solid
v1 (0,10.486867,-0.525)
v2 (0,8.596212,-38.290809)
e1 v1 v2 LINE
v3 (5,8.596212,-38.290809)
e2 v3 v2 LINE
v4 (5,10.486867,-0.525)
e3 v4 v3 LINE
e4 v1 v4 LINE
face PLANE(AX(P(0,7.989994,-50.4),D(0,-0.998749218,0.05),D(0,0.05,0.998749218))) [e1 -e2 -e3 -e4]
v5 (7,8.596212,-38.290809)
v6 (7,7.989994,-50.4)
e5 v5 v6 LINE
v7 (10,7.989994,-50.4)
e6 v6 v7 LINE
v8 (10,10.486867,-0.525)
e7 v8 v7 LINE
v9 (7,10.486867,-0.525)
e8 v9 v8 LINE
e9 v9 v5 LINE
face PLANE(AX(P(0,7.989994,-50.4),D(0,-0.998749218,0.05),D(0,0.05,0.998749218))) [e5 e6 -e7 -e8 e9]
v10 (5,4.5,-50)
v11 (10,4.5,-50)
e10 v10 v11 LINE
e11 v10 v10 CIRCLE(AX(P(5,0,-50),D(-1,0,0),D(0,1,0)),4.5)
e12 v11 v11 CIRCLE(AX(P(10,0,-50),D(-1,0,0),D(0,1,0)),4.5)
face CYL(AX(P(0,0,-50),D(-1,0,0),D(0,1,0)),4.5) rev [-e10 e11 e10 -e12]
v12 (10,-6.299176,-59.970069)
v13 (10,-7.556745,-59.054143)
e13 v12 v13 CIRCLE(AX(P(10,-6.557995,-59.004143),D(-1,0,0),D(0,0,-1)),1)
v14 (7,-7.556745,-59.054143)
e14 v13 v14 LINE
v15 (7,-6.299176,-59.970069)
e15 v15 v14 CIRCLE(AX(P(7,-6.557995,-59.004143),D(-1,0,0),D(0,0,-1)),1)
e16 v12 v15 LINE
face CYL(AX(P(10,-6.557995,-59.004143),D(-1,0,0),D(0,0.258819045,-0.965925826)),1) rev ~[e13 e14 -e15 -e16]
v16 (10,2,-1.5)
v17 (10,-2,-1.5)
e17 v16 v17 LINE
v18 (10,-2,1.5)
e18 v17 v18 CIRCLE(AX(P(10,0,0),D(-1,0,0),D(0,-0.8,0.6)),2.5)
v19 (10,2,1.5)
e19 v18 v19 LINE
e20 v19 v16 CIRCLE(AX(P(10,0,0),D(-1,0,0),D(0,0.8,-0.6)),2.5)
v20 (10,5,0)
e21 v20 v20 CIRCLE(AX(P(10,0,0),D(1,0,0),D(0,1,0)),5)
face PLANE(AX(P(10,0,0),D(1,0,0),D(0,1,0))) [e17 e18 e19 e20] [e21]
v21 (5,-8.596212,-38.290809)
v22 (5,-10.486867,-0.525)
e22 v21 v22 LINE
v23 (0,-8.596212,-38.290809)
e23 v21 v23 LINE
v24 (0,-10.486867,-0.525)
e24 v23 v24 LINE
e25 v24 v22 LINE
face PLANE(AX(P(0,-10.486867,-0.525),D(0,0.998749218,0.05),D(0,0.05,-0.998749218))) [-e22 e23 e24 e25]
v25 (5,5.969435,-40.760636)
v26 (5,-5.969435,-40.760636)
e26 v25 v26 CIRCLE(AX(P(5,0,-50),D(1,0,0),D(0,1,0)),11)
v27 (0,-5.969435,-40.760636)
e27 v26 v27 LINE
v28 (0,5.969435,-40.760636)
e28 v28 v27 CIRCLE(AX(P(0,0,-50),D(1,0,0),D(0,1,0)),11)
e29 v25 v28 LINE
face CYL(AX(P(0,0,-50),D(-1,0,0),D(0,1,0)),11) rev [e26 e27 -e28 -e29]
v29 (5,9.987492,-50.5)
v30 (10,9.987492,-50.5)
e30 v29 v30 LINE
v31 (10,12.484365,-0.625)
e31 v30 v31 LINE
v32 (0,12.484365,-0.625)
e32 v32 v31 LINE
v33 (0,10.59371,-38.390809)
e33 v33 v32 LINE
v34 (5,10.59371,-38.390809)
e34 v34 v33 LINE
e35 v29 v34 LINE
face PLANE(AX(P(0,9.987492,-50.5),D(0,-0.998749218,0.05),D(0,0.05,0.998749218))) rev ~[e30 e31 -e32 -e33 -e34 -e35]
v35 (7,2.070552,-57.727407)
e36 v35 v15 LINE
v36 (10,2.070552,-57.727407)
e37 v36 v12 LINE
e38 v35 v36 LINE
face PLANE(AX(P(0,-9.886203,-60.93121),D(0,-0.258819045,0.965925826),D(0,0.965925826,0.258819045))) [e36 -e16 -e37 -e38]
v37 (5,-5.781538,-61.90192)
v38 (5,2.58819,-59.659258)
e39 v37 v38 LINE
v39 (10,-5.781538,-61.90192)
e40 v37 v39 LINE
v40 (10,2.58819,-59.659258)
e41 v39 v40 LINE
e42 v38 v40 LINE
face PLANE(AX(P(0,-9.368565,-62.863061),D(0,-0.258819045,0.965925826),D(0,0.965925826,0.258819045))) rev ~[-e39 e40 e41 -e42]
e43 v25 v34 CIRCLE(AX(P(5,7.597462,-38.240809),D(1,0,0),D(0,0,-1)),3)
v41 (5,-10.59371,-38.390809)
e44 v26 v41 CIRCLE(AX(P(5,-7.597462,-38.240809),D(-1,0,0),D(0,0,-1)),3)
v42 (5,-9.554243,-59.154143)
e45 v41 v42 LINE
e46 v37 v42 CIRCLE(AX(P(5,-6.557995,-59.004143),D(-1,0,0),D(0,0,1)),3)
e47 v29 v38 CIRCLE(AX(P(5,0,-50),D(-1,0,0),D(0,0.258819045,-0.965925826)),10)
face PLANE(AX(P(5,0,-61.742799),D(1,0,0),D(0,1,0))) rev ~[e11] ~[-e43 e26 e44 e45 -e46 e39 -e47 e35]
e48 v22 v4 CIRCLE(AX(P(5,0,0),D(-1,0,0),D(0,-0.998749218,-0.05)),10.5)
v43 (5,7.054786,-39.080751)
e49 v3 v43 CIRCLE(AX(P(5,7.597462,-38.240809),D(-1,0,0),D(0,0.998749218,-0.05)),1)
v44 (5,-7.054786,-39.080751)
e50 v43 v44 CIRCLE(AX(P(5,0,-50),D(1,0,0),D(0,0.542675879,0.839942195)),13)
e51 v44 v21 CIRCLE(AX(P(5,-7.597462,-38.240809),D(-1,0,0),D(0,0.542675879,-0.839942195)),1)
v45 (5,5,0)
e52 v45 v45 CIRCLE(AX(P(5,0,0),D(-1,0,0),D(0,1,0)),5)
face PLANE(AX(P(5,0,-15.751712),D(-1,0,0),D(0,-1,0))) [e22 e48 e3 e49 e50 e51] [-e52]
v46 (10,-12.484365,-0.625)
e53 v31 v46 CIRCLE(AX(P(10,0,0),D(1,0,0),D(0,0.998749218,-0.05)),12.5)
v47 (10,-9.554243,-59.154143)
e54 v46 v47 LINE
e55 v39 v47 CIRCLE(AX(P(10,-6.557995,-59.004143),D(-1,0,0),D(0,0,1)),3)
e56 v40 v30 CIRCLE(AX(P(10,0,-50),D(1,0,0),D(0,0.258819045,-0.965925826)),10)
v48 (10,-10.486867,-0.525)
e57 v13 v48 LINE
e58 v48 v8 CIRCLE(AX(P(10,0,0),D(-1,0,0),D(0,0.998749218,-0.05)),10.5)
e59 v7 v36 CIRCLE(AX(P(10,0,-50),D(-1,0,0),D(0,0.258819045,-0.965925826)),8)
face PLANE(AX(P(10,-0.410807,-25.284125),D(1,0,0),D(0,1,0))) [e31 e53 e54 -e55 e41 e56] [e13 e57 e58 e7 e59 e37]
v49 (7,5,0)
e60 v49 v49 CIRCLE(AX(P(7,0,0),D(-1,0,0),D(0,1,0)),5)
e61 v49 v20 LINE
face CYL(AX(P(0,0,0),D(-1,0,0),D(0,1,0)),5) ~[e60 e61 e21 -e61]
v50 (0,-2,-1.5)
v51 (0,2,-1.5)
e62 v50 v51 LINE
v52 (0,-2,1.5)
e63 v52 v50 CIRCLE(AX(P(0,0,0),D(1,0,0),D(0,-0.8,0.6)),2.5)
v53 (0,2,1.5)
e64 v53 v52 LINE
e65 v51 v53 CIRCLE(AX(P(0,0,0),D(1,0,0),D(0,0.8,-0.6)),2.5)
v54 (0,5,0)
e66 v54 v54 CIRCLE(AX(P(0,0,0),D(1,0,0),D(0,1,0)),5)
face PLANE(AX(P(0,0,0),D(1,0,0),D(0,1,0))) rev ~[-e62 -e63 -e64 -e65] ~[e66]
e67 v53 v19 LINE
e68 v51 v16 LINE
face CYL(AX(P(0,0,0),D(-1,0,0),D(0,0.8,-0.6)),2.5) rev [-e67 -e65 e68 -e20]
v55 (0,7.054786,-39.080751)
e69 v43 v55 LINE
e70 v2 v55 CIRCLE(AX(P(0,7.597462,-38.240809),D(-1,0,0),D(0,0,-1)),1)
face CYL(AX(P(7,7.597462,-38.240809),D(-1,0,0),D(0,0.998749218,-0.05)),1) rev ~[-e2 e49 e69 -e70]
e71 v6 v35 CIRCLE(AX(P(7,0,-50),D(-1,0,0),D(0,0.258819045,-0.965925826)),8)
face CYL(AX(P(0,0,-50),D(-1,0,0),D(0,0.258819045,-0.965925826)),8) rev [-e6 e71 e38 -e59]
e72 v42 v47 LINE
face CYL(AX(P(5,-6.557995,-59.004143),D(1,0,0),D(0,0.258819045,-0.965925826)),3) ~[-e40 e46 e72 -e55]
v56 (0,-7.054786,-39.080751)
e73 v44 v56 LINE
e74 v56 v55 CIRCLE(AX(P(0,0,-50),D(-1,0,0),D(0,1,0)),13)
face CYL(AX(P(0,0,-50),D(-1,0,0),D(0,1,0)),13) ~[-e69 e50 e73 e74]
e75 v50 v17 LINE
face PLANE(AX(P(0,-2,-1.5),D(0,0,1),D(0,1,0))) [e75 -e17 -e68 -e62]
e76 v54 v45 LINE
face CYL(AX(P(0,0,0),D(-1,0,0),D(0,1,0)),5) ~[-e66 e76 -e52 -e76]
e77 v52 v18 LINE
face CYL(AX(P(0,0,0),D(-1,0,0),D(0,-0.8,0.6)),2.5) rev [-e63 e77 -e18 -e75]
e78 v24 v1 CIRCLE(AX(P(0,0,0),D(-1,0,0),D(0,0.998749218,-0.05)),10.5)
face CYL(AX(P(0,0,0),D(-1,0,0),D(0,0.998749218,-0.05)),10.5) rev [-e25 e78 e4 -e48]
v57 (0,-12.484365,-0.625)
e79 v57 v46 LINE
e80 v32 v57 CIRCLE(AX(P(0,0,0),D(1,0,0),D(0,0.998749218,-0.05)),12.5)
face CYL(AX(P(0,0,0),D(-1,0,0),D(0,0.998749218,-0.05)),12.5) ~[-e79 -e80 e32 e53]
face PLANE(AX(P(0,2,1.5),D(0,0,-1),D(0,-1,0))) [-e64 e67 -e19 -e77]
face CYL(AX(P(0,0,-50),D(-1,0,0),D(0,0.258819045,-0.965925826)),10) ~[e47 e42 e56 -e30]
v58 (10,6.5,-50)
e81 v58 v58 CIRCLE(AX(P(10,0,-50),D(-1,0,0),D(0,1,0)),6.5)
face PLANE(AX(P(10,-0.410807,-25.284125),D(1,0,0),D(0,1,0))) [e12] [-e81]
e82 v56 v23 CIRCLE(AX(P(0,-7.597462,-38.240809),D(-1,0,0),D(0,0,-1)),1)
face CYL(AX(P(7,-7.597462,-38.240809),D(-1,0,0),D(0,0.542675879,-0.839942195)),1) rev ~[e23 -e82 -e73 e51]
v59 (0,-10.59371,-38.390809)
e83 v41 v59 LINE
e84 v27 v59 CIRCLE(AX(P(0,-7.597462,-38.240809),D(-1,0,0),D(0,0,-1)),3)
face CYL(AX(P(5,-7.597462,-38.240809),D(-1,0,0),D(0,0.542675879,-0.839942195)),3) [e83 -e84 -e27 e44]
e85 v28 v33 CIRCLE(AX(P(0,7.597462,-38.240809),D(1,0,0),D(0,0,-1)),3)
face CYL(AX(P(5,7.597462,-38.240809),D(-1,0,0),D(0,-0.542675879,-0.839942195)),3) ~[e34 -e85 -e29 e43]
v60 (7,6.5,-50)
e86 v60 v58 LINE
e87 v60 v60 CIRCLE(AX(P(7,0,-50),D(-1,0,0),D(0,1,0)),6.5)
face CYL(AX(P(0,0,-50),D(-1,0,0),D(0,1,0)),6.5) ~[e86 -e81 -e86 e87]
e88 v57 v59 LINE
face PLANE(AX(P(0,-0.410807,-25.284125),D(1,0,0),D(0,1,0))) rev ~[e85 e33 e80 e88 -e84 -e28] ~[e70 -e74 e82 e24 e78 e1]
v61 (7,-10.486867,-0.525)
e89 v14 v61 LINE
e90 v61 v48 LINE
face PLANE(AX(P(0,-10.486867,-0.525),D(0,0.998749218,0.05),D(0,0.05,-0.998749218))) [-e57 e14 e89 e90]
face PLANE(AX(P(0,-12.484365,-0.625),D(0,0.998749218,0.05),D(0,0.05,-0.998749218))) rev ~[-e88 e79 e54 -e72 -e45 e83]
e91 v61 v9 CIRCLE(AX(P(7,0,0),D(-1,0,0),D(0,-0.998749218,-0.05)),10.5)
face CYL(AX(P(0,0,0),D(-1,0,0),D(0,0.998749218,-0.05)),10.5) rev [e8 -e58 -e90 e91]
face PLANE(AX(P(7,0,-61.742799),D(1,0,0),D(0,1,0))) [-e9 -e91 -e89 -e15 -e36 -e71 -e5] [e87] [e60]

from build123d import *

# Parameters (mm, degrees)
F1_DEPTH  = 10
F3_DEPTH  = 5
F4_R      = 4.5
F5_DEPTH  = 10.001
F6_T      = -2
F7_R      = 1
F8_R      = 3
F10_DEPTH = 2
F11_R     = 5
F12_DEPTH = 10
F14_DEPTH = 10.001


with BuildPart() as f1:
    # F0 (on Right) → F1 (new body)
    with BuildSketch(Plane.YZ):
        with BuildLine():
            Line((9.9874921777, -50.5), (12.4843652221, -0.625))
            ThreePointArc((12.4843652221, -0.625), (0, 12.5), (-12.4843652221, -0.625))
            Line((-12.4843652221, -0.625), (-9.3685649734, -62.863061223))
            Line((-9.3685649734, -62.863061223), (2.588190451, -59.6592582629))
            ThreePointArc((2.588190451, -59.6592582629), (7.7788142654, -56.2841108061), (9.9874921777, -50.5))
        make_face()
    extrude(amount=F1_DEPTH)

    # F2 (on Right) → F3 (cut)
    with BuildSketch(Plane.YZ):
        with BuildLine():
            ThreePointArc((11, -50), (0, -39), (-11, -50))
            Line((-11, -50), (-11, -80))
            Line((-11, -80), (11, -80))
            Line((11, -80), (11, -50))
        make_face()
    extrude(amount=F3_DEPTH, mode=Mode.SUBTRACT)

    # F4 (on Right) → F5 (cut, through all)
    with BuildSketch(Plane.YZ):
        with Locations((0, -50)):
            Circle(F4_R)
    extrude(amount=F5_DEPTH, mode=Mode.SUBTRACT)

    # F6
    f6_openings = [f1.faces().sort_by_distance(p)[0] for p in [
        (0, 0, -14.700163),
        (10, -0.155944, -22.13999),
    ]]
    offset(amount=F6_T, openings=f6_openings, kind=Kind.INTERSECTION)

    # F7
    f7_edges = [f1.edges().sort_by_distance(p)[0] for p in [
        (3.5, 8.502341, -40.165866),
        (3.5, -8.502341, -40.165866),
        (8.5, -7.494852, -60.290449),
    ]]
    fillet(f7_edges, radius=F7_R)

    # F8
    f8_edges = [f1.edges().sort_by_distance(p)[0] for p in [
        (2.5, 10.216621, -45.923156),
        (2.5, -10.216621, -45.923156),
        (7.5, -9.368565, -62.863061),
    ]]
    fillet(f8_edges, radius=F8_R)

    # F9 (on face) → F10 (join)
    with BuildSketch(Plane(origin=(5, 0, 0), x_dir=(0, -1, 0), z_dir=(-1, 0, 0))):
        with BuildLine():
            Line((-10.4868667866, -0.525), (-8.5962115248, -38.2908092756))
            ThreePointArc((-8.5962115248, -38.2908092756), (-8.0535356457, -39.1307514702), (-7.054786428, -39.0807514702))
            ThreePointArc((-7.054786428, -39.0807514702), (0, -37), (7.054786428, -39.0807514702))
            ThreePointArc((7.054786428, -39.0807514702), (8.0535356457, -39.1307514702), (8.5962115248, -38.2908092756))
            Line((8.5962115248, -38.2908092756), (10.4868667866, -0.525))
            ThreePointArc((10.4868667866, -0.525), (0, 10.5), (-10.4868667866, -0.525))
        make_face()
    extrude(amount=-F10_DEPTH)

    # F11 (on Right) → F12 (join)
    with BuildSketch(Plane.YZ):
        Circle(F11_R)
    extrude(amount=F12_DEPTH)

    # F13 (on Right) → F14 (cut, through all)
    with BuildSketch(Plane.YZ):
        with BuildLine():
            Line((-2, -1.5), (2, -1.5))
            ThreePointArc((2, -1.5), (2.5, 0), (2, 1.5))
            Line((2, 1.5), (-2, 1.5))
            ThreePointArc((-2, 1.5), (-2.5, 0), (-2, -1.5))
        make_face()
    extrude(amount=F14_DEPTH, mode=Mode.SUBTRACT)


solid = f1.part
